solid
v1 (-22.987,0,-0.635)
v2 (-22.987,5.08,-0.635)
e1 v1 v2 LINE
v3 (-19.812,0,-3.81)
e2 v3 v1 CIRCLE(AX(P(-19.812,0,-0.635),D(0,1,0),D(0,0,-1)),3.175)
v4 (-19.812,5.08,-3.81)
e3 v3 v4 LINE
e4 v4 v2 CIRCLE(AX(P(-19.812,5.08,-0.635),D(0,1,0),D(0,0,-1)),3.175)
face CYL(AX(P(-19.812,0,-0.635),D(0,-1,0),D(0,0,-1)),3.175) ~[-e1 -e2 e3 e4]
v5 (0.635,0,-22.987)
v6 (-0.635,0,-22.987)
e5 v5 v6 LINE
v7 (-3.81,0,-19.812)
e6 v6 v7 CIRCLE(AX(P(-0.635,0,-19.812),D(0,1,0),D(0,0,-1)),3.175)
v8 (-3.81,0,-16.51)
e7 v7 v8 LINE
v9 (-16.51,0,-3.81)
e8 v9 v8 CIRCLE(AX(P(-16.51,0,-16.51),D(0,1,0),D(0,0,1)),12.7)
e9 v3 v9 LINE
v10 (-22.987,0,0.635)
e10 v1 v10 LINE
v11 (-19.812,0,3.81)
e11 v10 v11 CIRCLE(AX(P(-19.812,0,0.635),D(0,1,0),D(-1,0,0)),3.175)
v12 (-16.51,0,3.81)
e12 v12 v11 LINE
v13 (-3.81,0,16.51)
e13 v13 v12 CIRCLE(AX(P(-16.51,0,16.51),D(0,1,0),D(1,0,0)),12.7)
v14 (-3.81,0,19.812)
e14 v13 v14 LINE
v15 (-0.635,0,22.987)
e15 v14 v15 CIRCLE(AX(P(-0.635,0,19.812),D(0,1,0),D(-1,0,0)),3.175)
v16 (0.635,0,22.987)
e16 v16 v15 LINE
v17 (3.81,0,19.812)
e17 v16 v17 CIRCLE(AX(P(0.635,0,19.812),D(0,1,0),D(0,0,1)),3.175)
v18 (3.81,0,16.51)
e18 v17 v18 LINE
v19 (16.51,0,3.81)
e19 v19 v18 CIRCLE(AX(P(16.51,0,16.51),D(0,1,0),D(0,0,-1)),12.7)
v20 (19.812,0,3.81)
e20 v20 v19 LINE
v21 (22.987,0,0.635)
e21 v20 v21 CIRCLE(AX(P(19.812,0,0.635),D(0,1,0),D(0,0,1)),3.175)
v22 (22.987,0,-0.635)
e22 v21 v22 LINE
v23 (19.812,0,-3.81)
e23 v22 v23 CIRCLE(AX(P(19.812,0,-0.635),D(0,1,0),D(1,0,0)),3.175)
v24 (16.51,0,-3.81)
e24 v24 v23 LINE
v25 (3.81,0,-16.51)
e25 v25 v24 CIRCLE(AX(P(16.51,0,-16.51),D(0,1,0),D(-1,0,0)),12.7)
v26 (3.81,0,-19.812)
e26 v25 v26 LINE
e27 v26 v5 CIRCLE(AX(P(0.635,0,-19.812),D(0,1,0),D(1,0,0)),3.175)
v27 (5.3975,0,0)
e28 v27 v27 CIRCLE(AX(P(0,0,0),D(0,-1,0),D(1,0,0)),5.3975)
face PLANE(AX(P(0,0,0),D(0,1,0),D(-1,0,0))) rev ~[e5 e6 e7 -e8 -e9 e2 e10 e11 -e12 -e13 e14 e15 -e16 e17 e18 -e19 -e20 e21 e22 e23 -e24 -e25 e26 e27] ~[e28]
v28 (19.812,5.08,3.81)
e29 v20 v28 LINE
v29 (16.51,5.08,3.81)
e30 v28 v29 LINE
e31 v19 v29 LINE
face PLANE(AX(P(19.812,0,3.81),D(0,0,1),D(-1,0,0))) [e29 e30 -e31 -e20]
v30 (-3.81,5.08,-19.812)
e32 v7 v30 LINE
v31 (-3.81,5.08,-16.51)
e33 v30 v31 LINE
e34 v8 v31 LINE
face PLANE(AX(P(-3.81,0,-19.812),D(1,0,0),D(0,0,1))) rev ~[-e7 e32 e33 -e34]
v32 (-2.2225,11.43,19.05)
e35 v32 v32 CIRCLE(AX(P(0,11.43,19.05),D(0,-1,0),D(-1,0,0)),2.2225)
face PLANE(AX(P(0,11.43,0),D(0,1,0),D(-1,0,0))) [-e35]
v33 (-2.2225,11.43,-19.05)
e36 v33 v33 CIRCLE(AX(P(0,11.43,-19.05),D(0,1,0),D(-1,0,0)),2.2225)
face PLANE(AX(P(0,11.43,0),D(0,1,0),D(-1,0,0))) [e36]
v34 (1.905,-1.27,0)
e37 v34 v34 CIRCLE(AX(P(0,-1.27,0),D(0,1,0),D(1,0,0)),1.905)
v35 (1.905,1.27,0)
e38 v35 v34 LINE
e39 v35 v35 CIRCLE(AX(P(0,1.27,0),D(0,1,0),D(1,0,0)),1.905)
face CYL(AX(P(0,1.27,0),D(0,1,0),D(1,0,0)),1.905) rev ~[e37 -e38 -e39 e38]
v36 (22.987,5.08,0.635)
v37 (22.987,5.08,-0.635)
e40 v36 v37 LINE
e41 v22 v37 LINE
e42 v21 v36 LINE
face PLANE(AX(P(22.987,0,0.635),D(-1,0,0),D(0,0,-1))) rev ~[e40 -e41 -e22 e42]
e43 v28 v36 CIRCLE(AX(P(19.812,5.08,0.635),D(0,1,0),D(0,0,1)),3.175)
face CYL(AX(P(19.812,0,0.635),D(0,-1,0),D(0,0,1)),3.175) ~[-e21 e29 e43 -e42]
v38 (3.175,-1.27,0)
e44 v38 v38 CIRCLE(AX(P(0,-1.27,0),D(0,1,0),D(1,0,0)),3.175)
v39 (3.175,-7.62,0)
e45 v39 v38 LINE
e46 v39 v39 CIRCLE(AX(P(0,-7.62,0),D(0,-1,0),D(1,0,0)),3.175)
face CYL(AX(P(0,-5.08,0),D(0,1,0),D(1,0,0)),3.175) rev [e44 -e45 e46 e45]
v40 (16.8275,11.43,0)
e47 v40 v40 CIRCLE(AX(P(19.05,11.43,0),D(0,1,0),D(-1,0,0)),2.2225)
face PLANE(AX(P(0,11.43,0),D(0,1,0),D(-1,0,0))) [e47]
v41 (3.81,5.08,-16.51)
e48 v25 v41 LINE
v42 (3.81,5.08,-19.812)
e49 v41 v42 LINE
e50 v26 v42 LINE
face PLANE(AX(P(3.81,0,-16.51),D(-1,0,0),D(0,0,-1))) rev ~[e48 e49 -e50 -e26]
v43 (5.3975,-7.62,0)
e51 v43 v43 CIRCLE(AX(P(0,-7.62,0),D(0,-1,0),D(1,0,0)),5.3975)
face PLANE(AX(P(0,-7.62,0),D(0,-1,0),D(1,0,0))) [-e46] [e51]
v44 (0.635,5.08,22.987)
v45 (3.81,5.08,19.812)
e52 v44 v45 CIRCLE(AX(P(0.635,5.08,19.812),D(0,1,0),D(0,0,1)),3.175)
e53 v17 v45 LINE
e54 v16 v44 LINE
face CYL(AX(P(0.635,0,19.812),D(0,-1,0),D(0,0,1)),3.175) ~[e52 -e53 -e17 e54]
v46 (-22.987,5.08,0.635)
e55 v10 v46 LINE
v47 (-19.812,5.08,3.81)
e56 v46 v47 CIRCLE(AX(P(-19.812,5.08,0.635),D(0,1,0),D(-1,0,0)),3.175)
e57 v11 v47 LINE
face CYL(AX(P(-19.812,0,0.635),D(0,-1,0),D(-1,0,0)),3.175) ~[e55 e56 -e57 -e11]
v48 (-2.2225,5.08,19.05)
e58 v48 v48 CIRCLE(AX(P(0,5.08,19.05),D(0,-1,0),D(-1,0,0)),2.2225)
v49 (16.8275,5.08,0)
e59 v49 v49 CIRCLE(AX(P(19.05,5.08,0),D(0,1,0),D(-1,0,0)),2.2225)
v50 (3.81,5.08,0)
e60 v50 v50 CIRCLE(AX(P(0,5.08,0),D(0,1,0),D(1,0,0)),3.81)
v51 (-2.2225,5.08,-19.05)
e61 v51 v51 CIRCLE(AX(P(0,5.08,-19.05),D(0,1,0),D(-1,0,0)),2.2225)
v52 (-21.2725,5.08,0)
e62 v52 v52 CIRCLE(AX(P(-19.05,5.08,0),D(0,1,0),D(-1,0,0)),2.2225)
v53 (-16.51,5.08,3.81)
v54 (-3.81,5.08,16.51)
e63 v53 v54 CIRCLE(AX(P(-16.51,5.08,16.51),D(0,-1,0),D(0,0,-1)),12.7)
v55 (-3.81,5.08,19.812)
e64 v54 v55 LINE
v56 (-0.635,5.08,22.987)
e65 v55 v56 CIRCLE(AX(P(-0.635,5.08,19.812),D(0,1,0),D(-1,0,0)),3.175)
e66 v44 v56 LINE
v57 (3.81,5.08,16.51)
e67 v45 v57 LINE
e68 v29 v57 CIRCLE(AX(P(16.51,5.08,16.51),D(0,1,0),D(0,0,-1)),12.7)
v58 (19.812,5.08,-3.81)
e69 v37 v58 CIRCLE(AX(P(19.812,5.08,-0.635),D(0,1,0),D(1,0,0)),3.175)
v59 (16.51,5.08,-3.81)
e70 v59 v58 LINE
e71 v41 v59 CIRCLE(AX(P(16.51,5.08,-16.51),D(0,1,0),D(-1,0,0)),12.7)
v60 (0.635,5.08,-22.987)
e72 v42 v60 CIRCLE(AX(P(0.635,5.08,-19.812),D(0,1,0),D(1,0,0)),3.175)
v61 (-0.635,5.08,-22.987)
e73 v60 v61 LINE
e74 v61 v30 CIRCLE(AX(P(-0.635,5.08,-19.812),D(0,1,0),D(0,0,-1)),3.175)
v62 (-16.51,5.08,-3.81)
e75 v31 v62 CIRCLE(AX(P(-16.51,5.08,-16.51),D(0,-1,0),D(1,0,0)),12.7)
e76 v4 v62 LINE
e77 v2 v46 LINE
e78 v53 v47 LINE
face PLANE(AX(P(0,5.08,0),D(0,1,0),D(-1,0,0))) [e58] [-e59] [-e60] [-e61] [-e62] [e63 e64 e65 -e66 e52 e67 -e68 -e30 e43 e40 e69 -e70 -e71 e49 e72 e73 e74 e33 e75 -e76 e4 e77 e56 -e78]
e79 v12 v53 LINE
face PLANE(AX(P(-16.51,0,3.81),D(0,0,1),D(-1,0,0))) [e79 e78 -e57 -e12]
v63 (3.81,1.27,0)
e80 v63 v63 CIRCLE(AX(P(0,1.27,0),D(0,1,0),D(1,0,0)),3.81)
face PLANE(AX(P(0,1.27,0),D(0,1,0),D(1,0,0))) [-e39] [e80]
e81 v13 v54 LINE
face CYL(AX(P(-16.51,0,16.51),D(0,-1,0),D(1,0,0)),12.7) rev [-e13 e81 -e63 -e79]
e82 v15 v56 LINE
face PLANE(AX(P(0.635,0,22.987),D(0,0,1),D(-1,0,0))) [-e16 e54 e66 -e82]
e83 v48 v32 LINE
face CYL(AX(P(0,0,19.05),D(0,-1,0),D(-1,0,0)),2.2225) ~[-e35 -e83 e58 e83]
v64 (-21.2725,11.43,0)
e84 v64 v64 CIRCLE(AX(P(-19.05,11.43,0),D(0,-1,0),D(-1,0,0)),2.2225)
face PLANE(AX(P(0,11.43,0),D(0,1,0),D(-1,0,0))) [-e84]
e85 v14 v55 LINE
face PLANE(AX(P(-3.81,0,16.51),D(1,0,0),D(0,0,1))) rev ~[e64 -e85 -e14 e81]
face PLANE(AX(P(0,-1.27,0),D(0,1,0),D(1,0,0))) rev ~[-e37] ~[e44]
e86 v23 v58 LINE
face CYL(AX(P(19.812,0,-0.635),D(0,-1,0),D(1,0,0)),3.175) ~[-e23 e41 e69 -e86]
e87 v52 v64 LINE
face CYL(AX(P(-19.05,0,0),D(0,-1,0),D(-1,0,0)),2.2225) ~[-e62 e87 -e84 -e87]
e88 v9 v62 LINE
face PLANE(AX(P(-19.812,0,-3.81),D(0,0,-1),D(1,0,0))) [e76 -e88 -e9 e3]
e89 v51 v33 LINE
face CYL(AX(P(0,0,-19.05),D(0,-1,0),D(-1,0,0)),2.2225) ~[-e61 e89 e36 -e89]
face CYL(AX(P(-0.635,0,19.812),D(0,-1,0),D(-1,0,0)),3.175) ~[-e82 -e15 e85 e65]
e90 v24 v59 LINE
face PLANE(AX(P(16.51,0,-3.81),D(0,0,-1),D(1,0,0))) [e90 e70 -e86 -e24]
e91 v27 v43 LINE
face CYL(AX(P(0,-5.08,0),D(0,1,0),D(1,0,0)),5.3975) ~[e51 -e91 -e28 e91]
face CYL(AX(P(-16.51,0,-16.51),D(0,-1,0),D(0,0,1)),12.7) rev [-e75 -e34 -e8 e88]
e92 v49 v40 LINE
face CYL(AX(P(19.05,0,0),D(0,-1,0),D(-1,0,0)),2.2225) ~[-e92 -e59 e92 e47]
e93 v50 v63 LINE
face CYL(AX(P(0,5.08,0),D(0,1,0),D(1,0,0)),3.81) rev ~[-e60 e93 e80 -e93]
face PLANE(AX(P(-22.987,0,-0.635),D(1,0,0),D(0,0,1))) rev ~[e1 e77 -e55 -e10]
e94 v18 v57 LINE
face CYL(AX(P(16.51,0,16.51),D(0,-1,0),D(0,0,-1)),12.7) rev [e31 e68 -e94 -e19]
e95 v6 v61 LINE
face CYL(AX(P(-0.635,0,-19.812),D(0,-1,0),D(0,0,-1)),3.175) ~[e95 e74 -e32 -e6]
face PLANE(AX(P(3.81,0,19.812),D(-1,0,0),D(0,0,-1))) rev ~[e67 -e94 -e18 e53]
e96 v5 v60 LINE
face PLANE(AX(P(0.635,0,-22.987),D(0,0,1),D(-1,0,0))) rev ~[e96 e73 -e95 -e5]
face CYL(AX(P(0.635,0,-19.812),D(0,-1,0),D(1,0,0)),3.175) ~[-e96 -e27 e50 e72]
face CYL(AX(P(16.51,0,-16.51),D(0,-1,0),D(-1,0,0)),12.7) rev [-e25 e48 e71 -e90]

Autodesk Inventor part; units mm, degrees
ref_plane "YZ Plane" through (0, 0, 0) normal (1, 0, 0) x (0, 1, 0)
ref_plane "XZ Plane" through (0, 0, 0) normal (0, 1, 0) x (-1, 0, 0)
ref_plane "XY Plane" through (0, 0, 0) normal (0, 0, 1) x (1, 0, 0)
sketch "Sketch1" plane through (0, 0, 0) normal (0, 1, 0) x (-1, 0, 0)
  circle A0 centre (0, 19.05) radius 2.2225
  circle A1 centre (-19.05, 0) radius 2.2225
  circle A2 centre (0, -19.05) radius 2.2225
  circle A3 centre (19.05, 0) radius 2.2225
  line L0 (0.635, 24.639) -> (0, 24.639)
  line L1 (0, 0) -> (0, 2.5439)
  line L2 (3.81, -19.812) -> (3.81, -16.51)
  line L3 (3.81, 16.51) -> (3.81, 19.812)
  line L4 (-19.812, 3.81) -> (-16.51, 3.81)
  line L5 (16.51, 3.81) -> (19.812, 3.81)
  line L6 (-3.81, 19.812) -> (-3.81, 16.51)
  line L7 (-3.81, -16.51) -> (-3.81, -19.812)
  line L8 (19.812, -3.81) -> (16.51, -3.81)
  line L9 (-16.51, -3.81) -> (-19.812, -3.81)
  arc A4 (3.81, 16.51) -> (16.51, 3.81) centre (16.51, 16.51) ccw
  arc A5 (16.51, -3.81) -> (3.81, -16.51) centre (16.51, -16.51) ccw
  arc A6 (-16.51, 3.81) -> (-3.81, 16.51) centre (-16.51, 16.51) ccw
  arc A7 (-3.81, -16.51) -> (-16.51, -3.81) centre (-16.51, -16.51) ccw
  line L10 (0, -3.81) -> (0, 0)
  line L11 (0, 3.81) -> (0, 0)
  line L12 (3.81, -19.812) -> (3.81, -16.51)
  line L13 (16.51, 3.81) -> (19.812, 3.81)
  line L14 (21.2725, 0) -> (16.8275, 0)
  line L15 (19.812, 3.81) -> (16.51, 3.81)
  line L16 (19.812, -3.81) -> (16.51, -3.81)
  line L17 (0, -3.81) -> (0.635, -3.81)
  line L18 (16.51, -3.81) -> (19.812, -3.81)
  line L19 (-19.812, -3.81) -> (-16.51, -3.81)
  line L20 (-3.81, -16.51) -> (-3.81, -19.812)
  line L21 (-3.81, -19.812) -> (-3.81, -16.51)
  line L22 (0, 0) -> (0.635, 0)
  line L23 (-0.635, 24.639) -> (0.635, 24.639)
  line L24 (0.635, 0) -> (0, 0)
  line L25 (-3.81, 16.51) -> (-3.81, 19.812)
  line L26 (22.987, -0.635) -> (22.987, 0.635)
  arc A8 (-24.0273, 24.8189) -> (-24.2117, 24.639) centre (0, 0) ccw
  line L27 (-19.812, 3.81) -> (-16.51, 3.81)
  line L28 (-3.81, 19.812) -> (-3.81, 16.51)
  line L29 (3.81, 19.812) -> (3.81, 16.51)
  line L30 (3.81, 19.812) -> (3.81, 16.51)
  line L31 (19.812, 3.81) -> (16.51, 3.81)
  line L32 (16.51, -3.81) -> (19.812, -3.81)
  line L33 (3.81, -16.51) -> (3.81, -19.812)
  line L34 (-19.812, -3.81) -> (-16.51, -3.81)
  line L35 (0, -3.81) -> (0.635, -3.81)
  line L36 (0.635, 3.81) -> (0, 3.81)
  line L37 (-16.51, 3.81) -> (-19.812, 3.81)
  arc A9 (19.812, -3.81) -> (22.987, -0.635) centre (19.812, -0.635) ccw
  arc A10 (22.987, 0.635) -> (19.812, 3.81) centre (19.812, 0.635) ccw
  line L38 (0, 0) -> (7.5297, 7.5297)
  line L39 (0, 0) -> (7.5297, -7.5297)
  circle A11 centre (0, 19.05) radius 2.2225
  line L40 (3.81, 16.51) -> (3.81, 19.812)
  line L41 (-3.81, 19.812) -> (-3.81, 16.51)
  line L42 (3.81, 16.51) -> (3.81, 19.812)
  line L43 (3.81, 19.812) -> (3.81, 16.51)
  line L44 (3.81, 19.812) -> (3.81, 16.51)
  line L45 (-3.81, 19.812) -> (-3.81, 16.51)
  line L46 (-3.81, 16.51) -> (-3.81, 19.812)
  line L47 (-3.81, 16.51) -> (-3.81, 19.812)
  line L48 (0, 21.2725) -> (0, 16.8275)
  arc A12 (-0.635, 22.987) -> (-3.81, 19.812) centre (-0.635, 19.812) ccw
  line L49 (-0.635, 22.987) -> (0.635, 22.987)
  arc A13 (3.81, 19.812) -> (0.635, 22.987) centre (0.635, 19.812) ccw
  arc A14 (3.81, 16.51) -> (16.51, 3.81) centre (16.51, 16.51) ccw
  arc A15 (-16.51, 3.81) -> (-3.81, 16.51) centre (-16.51, 16.51) ccw
  arc A16 (-16.51, 3.81) -> (-3.81, 16.51) centre (-16.51, 16.51) ccw
  line L50 (-3.81, 16.51) -> (-3.81, 19.812)
  arc A17 (-0.635, 22.987) -> (-3.81, 19.812) centre (-0.635, 19.812) ccw
  arc A18 (3.81, 19.812) -> (0.635, 22.987) centre (0.635, 19.812) ccw
  line L51 (0.635, 22.987) -> (-0.635, 22.987)
  arc A19 (3.81, 16.51) -> (16.51, 3.81) centre (16.51, 16.51) ccw
  line L52 (3.81, 19.812) -> (3.81, 16.51)
  arc A20 (-3.81, -16.51) -> (-16.51, -3.81) centre (-16.51, -16.51) ccw
  line L53 (-16.51, -3.81) -> (-19.812, -3.81)
  arc A21 (-22.987, -0.635) -> (-19.812, -3.81) centre (-19.812, -0.635) ccw
  arc A22 (-19.812, 3.81) -> (-22.987, 0.635) centre (-19.812, 0.635) ccw
  line L54 (-22.987, 0.635) -> (-22.987, -0.635)
  arc A23 (-16.51, 3.81) -> (-3.81, 16.51) centre (-16.51, 16.51) ccw
  line L55 (-19.812, 3.81) -> (-16.51, 3.81)
  arc A24 (16.51, -3.81) -> (3.81, -16.51) centre (16.51, -16.51) ccw
  line L56 (3.81, -16.51) -> (3.81, -19.812)
  arc A25 (0.635, -22.987) -> (3.81, -19.812) centre (0.635, -19.812) ccw
  arc A26 (-3.81, -19.812) -> (-0.635, -22.987) centre (-0.635, -19.812) ccw
  line L57 (-0.635, -22.987) -> (0.635, -22.987)
  arc A27 (-3.81, -16.51) -> (-16.51, -3.81) centre (-16.51, -16.51) ccw
  line L58 (-3.81, -19.812) -> (-3.81, -16.51)
  point P0 (19.05, 0)
  point P1 (0, -19.05)
  point P2 (-2.9852, -22.987)
  point P3 (-3.81, -29.2166)
  point P4 (0, 34.544)
  point P5 (-24.0273, 0)
  point P6 (0, -24.0273)
  point P7 (0, 19.05)
  point P8 (-7.5297, 7.5297)
  point P9 (7.5297, 7.5297)
  point P10 (-7.5297, -7.5297)
  point P11 (-7.5297, 7.5297)
  point P12 (7.5297, -7.5297)
  point P13 (-7.5297, -7.5297)
  dimension "d4" = 360
  dimension "d5" = 4.445
  dimension "d6" = 360
  dimension "d7" = 3.175
  dimension "d16" = 360
extrude "Extrusion1" add sketch "Sketch1" along normal blind 5.08
extrude "Extrusion2" add sketch "Sketch1" along normal blind 11.43 contours A0 L48 | L48 A0 | A1 | A2 | A3 L14 picked at (18.3725, -0.5216)
extrude "Extrusion3" add sketch "Sketch1" along normal blind 11.43 contours L14 A3 picked at (19.7275, 0.5216)
sketch "Sketch2" plane through (0, 5.08, 0) normal (0, 1, 0) x (1, 0, 0)
  circle A0 centre (0, 0) radius 2.8575
  dimension "d18" = 5.715
extrude "Extrusion4" cut sketch "Sketch2" against normal blind 11.43
sketch "Sketch3" plane through (0, 0, 0) normal (0, -1, 0) x (1, 0, 0)
  circle A0 centre (0, 0) radius 2.8575
  circle A1 centre (0, 0) radius 5.3975
  dimension "d21" = 2.54
  dimension "d22" = 5.715
extrude "Extrusion5" add sketch "Sketch3" along normal blind 5.08
sketch "Sketch4" plane through (0, 5.08, 0) normal (0, 1, 0) x (1, 0, 0)
  circle A0 centre (0, 0) radius 3.81
  dimension "d25" = 7.62
extrude "Extrusion6" cut sketch "Sketch4" against normal blind 3.81
sketch "Sketch5" plane through (0, 1.27, 0) normal (0, 1, 0) x (1, 0, 0)
  circle A0 centre (0, 0) radius 3.175
  dimension "d28" = 6.35
extrude "Extrusion7" cut sketch "Sketch5" against normal blind 50.8
sketch "Sketch6" plane through (0, 1.27, 0) normal (0, 1, 0) x (1, 0, 0)
  circle A0 centre (0, 0) radius 1.905
  circle A1 centre (0, 0) radius 3.175
  dimension "d31" = 3.81
extrude "Extrusion8" add sketch "Sketch6" against normal blind 2.54
sketch "Sketch7" plane through (0, -5.08, 0) normal (0, -1, 0) x (1, 0, 0)
  circle A0 centre (0, 0) radius 3.175
  circle A1 centre (0, 0) radius 5.3975
extrude "Extrusion9" add sketch "Sketch7" along normal blind 2.54
properties part number "planetaryGearMt2"
